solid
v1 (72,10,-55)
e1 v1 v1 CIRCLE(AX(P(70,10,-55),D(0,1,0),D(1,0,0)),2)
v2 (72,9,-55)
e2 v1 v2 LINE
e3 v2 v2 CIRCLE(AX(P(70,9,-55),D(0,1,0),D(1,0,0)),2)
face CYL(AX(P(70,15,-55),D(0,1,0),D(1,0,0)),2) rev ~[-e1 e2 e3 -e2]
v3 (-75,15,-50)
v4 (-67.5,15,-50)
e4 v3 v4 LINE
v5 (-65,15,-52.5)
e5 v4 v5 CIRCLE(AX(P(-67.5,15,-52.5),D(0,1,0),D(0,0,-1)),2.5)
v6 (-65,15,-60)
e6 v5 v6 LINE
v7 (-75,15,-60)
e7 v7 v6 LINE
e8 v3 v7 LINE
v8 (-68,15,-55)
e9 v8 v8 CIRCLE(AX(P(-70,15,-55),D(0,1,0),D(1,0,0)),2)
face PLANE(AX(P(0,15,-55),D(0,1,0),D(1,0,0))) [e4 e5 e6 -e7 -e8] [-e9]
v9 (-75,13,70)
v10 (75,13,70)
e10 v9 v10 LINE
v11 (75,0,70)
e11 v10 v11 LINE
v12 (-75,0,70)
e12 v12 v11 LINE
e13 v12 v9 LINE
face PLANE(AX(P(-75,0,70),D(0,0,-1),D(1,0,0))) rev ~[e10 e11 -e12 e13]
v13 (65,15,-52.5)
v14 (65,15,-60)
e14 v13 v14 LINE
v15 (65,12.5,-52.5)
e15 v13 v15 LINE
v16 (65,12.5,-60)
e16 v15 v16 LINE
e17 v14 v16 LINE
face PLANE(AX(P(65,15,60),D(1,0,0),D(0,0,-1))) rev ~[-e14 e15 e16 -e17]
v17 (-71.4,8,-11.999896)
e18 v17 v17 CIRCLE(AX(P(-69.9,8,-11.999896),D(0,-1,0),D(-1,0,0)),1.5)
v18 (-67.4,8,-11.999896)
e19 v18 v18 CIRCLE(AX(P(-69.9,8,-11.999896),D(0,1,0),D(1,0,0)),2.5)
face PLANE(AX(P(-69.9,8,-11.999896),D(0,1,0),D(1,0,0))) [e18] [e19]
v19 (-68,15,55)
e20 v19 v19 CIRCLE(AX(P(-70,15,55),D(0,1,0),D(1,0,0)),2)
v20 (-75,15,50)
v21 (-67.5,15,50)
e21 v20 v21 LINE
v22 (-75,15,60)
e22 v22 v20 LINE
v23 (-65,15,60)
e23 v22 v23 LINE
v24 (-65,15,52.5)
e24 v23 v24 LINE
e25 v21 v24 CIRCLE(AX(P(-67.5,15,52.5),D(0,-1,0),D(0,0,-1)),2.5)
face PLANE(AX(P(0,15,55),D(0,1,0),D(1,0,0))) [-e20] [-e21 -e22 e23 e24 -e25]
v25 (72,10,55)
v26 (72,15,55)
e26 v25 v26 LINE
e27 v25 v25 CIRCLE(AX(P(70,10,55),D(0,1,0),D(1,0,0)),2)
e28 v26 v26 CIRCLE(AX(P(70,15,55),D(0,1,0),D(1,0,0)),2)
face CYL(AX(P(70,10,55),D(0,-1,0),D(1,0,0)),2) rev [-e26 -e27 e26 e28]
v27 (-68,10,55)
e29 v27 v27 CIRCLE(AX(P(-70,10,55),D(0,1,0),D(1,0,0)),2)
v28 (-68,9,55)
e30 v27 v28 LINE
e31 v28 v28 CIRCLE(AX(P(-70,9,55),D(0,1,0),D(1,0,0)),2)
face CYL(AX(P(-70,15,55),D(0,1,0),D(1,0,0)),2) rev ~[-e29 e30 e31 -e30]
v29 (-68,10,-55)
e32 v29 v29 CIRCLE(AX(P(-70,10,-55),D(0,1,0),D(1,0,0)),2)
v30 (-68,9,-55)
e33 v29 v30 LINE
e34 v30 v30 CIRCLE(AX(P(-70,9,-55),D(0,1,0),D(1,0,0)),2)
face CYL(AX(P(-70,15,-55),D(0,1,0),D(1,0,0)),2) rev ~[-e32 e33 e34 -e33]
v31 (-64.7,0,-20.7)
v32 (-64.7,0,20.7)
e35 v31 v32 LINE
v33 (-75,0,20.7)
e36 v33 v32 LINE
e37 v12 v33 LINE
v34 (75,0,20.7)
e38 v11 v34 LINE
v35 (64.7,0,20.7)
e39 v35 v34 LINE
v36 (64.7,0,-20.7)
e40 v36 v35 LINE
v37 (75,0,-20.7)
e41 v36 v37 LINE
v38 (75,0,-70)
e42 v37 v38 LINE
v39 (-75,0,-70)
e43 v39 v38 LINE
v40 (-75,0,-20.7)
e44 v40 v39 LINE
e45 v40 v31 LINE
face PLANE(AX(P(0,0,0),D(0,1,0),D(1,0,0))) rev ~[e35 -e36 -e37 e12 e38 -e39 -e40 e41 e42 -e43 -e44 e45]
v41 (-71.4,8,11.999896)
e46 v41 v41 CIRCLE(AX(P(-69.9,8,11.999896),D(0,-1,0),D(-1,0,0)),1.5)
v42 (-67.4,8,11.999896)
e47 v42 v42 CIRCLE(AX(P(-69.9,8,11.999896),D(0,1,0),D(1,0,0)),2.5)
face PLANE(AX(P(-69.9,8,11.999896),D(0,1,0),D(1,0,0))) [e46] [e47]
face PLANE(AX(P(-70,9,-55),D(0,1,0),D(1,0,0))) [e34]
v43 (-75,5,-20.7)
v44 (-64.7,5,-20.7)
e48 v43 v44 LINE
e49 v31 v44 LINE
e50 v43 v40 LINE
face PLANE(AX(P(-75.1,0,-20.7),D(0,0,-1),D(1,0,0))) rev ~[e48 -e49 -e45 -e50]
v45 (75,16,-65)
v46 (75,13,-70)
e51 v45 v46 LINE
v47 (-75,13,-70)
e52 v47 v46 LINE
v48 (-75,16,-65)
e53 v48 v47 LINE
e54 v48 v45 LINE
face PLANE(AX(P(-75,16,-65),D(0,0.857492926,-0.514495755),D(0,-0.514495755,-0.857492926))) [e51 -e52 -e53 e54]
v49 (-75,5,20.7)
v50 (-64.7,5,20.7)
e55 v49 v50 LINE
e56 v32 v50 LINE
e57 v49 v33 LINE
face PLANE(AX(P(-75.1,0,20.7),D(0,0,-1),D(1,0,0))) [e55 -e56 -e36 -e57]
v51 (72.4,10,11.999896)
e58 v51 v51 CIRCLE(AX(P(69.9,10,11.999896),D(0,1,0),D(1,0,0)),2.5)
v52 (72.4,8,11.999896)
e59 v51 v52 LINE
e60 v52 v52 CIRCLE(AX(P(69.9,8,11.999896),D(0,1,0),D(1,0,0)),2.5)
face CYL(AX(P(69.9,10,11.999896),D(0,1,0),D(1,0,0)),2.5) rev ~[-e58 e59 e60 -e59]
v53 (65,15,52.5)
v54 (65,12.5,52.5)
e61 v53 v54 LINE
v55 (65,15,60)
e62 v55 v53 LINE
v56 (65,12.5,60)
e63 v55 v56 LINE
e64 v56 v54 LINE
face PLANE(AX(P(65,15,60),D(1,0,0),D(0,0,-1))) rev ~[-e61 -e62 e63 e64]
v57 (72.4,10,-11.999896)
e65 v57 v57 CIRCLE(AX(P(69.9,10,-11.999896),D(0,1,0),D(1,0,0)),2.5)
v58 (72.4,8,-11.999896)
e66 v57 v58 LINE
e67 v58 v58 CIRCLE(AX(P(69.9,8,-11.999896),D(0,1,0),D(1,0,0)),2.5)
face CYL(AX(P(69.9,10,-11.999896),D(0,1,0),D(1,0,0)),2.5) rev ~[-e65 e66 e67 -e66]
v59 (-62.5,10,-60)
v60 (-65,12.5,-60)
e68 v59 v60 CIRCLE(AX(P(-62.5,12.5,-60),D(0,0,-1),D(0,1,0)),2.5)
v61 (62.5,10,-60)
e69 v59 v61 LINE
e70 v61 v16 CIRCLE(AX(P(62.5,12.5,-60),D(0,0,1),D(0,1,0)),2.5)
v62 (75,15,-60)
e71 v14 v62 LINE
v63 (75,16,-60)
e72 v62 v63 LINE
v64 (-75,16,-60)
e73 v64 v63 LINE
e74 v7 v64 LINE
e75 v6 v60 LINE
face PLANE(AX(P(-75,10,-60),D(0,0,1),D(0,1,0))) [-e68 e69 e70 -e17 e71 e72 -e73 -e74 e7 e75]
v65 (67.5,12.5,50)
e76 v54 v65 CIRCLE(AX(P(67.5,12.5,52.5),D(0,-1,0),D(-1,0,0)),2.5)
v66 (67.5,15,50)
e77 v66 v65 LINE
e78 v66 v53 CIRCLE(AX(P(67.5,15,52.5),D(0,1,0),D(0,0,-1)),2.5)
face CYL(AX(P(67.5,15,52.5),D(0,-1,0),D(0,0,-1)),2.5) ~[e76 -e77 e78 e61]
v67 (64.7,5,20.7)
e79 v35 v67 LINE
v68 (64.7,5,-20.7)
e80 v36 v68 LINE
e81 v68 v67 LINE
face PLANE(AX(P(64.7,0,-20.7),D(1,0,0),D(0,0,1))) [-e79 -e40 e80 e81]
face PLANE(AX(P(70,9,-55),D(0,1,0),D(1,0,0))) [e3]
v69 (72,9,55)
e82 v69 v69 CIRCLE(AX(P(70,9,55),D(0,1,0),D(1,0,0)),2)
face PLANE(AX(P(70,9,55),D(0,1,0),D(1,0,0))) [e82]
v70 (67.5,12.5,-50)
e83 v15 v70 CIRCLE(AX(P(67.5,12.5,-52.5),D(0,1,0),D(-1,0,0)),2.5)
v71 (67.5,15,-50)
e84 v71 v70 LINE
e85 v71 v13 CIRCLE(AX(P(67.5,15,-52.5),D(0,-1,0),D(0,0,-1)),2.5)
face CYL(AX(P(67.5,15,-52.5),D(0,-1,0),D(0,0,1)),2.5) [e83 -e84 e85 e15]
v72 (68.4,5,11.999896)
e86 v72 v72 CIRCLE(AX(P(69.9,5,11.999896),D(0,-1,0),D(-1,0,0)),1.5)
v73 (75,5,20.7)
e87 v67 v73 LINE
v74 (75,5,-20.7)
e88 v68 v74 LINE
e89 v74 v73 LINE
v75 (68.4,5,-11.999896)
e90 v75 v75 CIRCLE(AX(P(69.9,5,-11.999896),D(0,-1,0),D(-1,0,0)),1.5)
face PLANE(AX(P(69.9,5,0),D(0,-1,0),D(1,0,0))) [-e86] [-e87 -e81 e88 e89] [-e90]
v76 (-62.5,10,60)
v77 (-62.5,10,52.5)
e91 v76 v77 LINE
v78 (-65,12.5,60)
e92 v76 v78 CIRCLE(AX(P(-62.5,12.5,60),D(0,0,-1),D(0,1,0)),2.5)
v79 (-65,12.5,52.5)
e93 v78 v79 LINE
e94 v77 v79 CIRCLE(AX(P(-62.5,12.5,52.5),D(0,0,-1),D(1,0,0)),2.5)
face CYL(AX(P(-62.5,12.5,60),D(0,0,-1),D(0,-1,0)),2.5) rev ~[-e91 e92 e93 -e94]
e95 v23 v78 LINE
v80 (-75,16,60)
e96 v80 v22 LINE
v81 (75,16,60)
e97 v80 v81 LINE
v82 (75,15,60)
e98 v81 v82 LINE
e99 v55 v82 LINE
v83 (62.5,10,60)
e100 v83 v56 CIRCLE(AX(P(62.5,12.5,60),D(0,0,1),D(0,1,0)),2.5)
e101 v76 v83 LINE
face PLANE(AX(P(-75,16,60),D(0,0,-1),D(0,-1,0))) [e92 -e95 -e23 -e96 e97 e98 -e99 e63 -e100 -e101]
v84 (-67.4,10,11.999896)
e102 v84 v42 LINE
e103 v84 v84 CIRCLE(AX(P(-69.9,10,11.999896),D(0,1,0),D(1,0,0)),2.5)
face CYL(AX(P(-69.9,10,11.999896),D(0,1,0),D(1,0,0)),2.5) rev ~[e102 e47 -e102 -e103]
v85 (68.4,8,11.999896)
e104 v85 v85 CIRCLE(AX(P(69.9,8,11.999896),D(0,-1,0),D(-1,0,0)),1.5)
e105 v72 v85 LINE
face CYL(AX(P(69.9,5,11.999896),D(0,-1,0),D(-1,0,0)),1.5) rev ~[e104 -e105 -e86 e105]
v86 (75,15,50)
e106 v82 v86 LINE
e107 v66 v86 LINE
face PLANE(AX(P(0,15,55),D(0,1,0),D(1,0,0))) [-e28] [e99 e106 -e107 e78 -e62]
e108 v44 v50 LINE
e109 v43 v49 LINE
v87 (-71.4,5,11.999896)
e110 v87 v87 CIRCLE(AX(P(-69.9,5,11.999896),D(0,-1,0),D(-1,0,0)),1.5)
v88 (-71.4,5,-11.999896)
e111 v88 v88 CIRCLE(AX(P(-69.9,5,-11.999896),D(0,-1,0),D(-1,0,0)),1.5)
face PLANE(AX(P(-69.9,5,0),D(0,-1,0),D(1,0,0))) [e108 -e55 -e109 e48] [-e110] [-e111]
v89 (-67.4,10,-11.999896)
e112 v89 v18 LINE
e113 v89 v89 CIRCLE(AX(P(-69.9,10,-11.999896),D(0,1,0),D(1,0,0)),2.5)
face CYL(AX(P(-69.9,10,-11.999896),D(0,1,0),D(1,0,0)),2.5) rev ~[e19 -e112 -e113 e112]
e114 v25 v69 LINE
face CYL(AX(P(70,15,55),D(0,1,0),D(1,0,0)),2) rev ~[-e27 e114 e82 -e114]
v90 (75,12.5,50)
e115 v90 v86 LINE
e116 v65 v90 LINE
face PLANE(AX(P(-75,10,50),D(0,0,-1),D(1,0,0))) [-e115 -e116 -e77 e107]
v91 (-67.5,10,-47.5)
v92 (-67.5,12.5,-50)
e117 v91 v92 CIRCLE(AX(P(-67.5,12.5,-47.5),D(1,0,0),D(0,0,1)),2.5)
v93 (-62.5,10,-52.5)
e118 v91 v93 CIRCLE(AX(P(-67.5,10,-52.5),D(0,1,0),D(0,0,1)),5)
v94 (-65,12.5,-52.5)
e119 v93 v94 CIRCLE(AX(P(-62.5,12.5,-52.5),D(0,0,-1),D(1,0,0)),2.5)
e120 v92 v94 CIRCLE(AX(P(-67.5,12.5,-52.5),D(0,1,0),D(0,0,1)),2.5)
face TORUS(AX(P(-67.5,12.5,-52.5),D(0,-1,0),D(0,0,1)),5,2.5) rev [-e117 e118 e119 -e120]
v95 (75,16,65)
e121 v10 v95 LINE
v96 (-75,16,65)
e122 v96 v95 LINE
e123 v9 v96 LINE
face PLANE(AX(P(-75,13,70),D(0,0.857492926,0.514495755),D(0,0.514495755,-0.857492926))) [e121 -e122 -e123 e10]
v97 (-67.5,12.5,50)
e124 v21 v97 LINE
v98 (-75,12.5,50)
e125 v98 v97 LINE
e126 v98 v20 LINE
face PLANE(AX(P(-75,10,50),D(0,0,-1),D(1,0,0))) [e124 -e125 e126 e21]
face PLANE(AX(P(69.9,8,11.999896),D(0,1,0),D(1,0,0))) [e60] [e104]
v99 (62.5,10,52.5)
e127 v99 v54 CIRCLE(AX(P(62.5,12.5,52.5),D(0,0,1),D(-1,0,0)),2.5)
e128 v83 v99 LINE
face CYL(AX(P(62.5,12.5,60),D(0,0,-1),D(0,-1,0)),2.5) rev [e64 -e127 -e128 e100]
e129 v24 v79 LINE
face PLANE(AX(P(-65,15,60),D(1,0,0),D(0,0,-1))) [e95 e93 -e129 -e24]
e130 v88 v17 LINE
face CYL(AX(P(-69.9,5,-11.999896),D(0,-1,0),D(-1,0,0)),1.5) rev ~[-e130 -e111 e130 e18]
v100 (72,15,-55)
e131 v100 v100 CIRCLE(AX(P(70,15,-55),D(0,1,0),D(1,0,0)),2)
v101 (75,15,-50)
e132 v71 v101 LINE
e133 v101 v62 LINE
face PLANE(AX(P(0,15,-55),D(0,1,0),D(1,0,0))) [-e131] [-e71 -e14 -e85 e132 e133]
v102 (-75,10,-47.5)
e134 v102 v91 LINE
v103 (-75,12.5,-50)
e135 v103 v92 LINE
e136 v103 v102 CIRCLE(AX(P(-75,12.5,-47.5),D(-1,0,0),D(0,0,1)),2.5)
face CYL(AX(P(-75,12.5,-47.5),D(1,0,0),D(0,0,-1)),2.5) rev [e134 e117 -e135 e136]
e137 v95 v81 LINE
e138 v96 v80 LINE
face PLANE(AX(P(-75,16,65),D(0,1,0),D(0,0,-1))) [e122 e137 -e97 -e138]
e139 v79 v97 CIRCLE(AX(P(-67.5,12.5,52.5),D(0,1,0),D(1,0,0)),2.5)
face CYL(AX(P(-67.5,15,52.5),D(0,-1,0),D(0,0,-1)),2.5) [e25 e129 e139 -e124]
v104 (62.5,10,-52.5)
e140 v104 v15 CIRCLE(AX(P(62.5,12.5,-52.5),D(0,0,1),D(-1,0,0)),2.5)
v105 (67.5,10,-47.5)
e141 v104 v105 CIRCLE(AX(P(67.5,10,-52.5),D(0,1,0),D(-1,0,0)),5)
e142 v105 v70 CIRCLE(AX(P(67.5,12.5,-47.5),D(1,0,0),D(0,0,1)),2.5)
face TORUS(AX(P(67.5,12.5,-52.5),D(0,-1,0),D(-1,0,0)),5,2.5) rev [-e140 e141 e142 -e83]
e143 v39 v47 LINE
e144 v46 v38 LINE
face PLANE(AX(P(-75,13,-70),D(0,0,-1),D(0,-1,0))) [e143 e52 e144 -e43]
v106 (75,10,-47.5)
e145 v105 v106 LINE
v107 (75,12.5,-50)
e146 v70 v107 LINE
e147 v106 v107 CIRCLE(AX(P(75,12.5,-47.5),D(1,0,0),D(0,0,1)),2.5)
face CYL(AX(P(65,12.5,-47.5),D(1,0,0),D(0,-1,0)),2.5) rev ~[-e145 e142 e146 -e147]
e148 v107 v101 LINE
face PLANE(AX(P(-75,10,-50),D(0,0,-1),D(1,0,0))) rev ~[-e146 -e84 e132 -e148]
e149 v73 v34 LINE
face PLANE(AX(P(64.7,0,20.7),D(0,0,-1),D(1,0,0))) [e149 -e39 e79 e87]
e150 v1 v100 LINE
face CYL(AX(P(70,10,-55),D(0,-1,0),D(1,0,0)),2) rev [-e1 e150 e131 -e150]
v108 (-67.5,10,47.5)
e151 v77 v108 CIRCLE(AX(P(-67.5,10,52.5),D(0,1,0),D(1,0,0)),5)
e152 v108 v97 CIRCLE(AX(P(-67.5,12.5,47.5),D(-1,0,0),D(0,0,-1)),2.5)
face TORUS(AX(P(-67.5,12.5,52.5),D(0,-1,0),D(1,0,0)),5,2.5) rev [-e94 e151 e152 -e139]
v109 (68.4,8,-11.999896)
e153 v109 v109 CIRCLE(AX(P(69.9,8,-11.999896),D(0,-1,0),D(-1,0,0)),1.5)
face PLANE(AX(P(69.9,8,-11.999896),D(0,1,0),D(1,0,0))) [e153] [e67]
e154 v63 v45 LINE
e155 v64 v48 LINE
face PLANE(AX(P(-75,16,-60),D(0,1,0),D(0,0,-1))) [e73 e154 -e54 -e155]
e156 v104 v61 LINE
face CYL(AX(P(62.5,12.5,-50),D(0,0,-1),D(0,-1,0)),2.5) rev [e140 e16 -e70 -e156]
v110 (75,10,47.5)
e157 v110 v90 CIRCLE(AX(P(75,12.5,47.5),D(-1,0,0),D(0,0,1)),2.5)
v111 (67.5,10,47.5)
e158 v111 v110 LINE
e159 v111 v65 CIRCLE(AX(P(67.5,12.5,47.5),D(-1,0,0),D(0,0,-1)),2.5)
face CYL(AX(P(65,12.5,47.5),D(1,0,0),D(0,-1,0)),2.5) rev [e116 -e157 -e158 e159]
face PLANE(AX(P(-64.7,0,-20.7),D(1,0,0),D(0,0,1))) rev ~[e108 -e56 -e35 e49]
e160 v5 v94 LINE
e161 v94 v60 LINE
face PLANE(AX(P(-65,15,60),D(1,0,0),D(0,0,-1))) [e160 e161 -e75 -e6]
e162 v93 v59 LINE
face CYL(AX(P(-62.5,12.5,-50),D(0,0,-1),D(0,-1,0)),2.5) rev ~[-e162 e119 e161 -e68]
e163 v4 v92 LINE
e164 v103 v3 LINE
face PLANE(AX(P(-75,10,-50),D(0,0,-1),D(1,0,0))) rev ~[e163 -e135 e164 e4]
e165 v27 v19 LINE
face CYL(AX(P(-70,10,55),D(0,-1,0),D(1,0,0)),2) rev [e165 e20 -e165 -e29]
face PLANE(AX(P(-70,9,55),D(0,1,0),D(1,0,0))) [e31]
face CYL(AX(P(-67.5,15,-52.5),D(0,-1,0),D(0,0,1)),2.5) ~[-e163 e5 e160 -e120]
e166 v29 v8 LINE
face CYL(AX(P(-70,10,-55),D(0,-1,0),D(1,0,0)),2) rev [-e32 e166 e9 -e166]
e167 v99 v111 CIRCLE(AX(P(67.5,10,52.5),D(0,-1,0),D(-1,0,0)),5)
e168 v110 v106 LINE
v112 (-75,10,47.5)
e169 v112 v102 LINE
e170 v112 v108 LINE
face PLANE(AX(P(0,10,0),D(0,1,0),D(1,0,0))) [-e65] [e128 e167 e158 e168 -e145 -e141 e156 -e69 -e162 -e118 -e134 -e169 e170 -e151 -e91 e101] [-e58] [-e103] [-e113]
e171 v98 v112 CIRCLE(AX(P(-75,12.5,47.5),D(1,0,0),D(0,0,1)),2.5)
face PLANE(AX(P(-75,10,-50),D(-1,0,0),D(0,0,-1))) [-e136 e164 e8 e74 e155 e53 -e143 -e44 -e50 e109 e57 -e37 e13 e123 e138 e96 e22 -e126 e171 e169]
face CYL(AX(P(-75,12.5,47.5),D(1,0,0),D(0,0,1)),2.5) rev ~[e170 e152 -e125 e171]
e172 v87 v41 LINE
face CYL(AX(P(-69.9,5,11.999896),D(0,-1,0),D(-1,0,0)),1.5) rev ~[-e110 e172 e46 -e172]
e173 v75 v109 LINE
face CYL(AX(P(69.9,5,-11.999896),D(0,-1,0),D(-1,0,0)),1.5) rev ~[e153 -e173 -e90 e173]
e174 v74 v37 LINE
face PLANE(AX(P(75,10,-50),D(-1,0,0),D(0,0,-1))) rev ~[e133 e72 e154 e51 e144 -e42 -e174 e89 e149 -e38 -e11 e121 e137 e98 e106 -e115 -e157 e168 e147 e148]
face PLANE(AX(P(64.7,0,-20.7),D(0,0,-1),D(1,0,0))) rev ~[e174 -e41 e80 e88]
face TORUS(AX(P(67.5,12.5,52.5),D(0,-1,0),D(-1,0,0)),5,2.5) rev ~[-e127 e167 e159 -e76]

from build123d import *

# Parameters (mm, degrees)
SKETCH1_W           = 150
SKETCH1_H           = 140
BOSS_EXTRUDE1_DEPTH = 10
SKETCH2_W           = 10.4
SKETCH2_H           = 41.4
CUT_EXTRUDE1_DEPTH  = 5
BOSS_EXTRUDE2_DEPTH = 150
SKETCH4_W           = 150
SKETCH4_H           = 10
SKETCH4_R           = 2
BOSS_EXTRUDE3_DEPTH = 5
SKETCH5_R           = 2
CUT_EXTRUDE2_DEPTH  = 6
SKETCH6_R           = 1.5
CUT_EXTRUDE3_DEPTH  = 5
SKETCH7_R           = 2.5
CUT_EXTRUDE4_DEPTH  = 2
SKETCH8_W           = 130
SKETCH8_H           = 120
CUT_EXTRUDE5_DEPTH  = 5
FILLET1_R           = 2.5


with BuildPart() as part:
    # Sketch1 → Boss-Extrude1 (new body)
    with BuildSketch(Plane(origin=(0, 0, 0), x_dir=(1, 0, 0), z_dir=(0, 1, 0))):
        Rectangle(SKETCH1_W, SKETCH1_H)
    extrude(amount=BOSS_EXTRUDE1_DEPTH)

    # Sketch2 → Cut-Extrude1 (cut)
    with BuildSketch(Plane.XZ):
        with Locations((-69.9, 0)):
            Rectangle(SKETCH2_W, SKETCH2_H)
        with Locations((69.9, 0)):
            Rectangle(SKETCH2_W, SKETCH2_H)
    extrude(amount=-CUT_EXTRUDE1_DEPTH, mode=Mode.SUBTRACT)

    # Sketch3 → Boss-Extrude2 (add)
    with BuildSketch(Plane.ZY.offset(75)):
        Polygon((-70, 13), (-70, 10), (-60, 10), (-60, 16), (-65, 16), align=None)
        Polygon((70, 10), (70, 13), (65, 16), (60, 16), (60, 10), align=None)
    extrude(amount=-BOSS_EXTRUDE2_DEPTH)

    # Sketch4 → Boss-Extrude3 (add)
    with BuildSketch(Plane(origin=(0, 10, 0), x_dir=(1, 0, 0), z_dir=(0, 1, 0))):
        with Locations((0, 55)):
            Rectangle(SKETCH4_W, SKETCH4_H)
        with Locations((-70, 55)):
            Circle(SKETCH4_R, mode=Mode.SUBTRACT)
        with Locations((70, 55)):
            Circle(SKETCH4_R, mode=Mode.SUBTRACT)
        with Locations((0, -55)):
            Rectangle(SKETCH4_W, SKETCH4_H)
        with Locations((70, -55)):
            Circle(SKETCH4_R, mode=Mode.SUBTRACT)
        with Locations((-70, -55)):
            Circle(SKETCH4_R, mode=Mode.SUBTRACT)
    extrude(amount=BOSS_EXTRUDE3_DEPTH)

    # Sketch5 → Cut-Extrude2 (cut)
    with BuildSketch(Plane(origin=(0, 15, 0), x_dir=(1, 0, 0), z_dir=(0, 1, 0))):
        with Locations((-70, 55)):
            Circle(SKETCH5_R)
        with Locations((70, 55)):
            Circle(SKETCH5_R)
        with Locations((-70, -55)):
            Circle(SKETCH5_R)
        with Locations((70, -55)):
            Circle(SKETCH5_R)
    extrude(amount=-CUT_EXTRUDE2_DEPTH, mode=Mode.SUBTRACT)

    # Sketch6 → Cut-Extrude3 (cut)
    with BuildSketch(Plane(origin=(0, 5, 0), x_dir=(-1, 0, 0), z_dir=(0, -1, 0))):
        with Locations((69.899999566, -11.999895835)):
            Circle(SKETCH6_R)
        with Locations((69.899999566, 11.999895835)):
            Circle(SKETCH6_R)
        with Locations((-69.899999566, -11.999895835)):
            Circle(SKETCH6_R)
        with Locations((-69.899999566, 11.999895835)):
            Circle(SKETCH6_R)
    extrude(amount=-CUT_EXTRUDE3_DEPTH, mode=Mode.SUBTRACT)

    # Sketch7 → Cut-Extrude4 (cut)
    with BuildSketch(Plane(origin=(0, 10, 0), x_dir=(1, 0, 0), z_dir=(0, 1, 0))):
        with Locations((-69.899999566, 11.999895835)):
            Circle(SKETCH7_R)
        with Locations((-69.899999566, -11.999895835)):
            Circle(SKETCH7_R)
        with Locations((69.899999566, -11.999895835)):
            Circle(SKETCH7_R)
        with Locations((69.899999566, 11.999895835)):
            Circle(SKETCH7_R)
    extrude(amount=-CUT_EXTRUDE4_DEPTH, mode=Mode.SUBTRACT)

    # Sketch8 → Cut-Extrude5 (cut)
    with BuildSketch(Plane(origin=(0, 15, 0), x_dir=(1, 0, 0), z_dir=(0, 1, 0))):
        Rectangle(SKETCH8_W, SKETCH8_H)
    extrude(amount=-CUT_EXTRUDE5_DEPTH, mode=Mode.SUBTRACT)

    # Fillet1
    fillet1_edges = [part.edges().sort_by_distance(p)[0] for p in [
        (-70, 10, 50),
        (70, 10, 50),
        (70, 10, -50),
        (65, 12.5, -50),
        (65, 10, -55),
        (65, 12.5, 50),
        (-65, 10, -55),
        (-65, 12.5, -50),
        (-65, 12.5, 50),
        (65, 10, 55),
        (-65, 10, 55),
        (-70, 10, -50),
    ]]
    fillet(fillet1_edges, radius=FILLET1_R)


solid = part.part
